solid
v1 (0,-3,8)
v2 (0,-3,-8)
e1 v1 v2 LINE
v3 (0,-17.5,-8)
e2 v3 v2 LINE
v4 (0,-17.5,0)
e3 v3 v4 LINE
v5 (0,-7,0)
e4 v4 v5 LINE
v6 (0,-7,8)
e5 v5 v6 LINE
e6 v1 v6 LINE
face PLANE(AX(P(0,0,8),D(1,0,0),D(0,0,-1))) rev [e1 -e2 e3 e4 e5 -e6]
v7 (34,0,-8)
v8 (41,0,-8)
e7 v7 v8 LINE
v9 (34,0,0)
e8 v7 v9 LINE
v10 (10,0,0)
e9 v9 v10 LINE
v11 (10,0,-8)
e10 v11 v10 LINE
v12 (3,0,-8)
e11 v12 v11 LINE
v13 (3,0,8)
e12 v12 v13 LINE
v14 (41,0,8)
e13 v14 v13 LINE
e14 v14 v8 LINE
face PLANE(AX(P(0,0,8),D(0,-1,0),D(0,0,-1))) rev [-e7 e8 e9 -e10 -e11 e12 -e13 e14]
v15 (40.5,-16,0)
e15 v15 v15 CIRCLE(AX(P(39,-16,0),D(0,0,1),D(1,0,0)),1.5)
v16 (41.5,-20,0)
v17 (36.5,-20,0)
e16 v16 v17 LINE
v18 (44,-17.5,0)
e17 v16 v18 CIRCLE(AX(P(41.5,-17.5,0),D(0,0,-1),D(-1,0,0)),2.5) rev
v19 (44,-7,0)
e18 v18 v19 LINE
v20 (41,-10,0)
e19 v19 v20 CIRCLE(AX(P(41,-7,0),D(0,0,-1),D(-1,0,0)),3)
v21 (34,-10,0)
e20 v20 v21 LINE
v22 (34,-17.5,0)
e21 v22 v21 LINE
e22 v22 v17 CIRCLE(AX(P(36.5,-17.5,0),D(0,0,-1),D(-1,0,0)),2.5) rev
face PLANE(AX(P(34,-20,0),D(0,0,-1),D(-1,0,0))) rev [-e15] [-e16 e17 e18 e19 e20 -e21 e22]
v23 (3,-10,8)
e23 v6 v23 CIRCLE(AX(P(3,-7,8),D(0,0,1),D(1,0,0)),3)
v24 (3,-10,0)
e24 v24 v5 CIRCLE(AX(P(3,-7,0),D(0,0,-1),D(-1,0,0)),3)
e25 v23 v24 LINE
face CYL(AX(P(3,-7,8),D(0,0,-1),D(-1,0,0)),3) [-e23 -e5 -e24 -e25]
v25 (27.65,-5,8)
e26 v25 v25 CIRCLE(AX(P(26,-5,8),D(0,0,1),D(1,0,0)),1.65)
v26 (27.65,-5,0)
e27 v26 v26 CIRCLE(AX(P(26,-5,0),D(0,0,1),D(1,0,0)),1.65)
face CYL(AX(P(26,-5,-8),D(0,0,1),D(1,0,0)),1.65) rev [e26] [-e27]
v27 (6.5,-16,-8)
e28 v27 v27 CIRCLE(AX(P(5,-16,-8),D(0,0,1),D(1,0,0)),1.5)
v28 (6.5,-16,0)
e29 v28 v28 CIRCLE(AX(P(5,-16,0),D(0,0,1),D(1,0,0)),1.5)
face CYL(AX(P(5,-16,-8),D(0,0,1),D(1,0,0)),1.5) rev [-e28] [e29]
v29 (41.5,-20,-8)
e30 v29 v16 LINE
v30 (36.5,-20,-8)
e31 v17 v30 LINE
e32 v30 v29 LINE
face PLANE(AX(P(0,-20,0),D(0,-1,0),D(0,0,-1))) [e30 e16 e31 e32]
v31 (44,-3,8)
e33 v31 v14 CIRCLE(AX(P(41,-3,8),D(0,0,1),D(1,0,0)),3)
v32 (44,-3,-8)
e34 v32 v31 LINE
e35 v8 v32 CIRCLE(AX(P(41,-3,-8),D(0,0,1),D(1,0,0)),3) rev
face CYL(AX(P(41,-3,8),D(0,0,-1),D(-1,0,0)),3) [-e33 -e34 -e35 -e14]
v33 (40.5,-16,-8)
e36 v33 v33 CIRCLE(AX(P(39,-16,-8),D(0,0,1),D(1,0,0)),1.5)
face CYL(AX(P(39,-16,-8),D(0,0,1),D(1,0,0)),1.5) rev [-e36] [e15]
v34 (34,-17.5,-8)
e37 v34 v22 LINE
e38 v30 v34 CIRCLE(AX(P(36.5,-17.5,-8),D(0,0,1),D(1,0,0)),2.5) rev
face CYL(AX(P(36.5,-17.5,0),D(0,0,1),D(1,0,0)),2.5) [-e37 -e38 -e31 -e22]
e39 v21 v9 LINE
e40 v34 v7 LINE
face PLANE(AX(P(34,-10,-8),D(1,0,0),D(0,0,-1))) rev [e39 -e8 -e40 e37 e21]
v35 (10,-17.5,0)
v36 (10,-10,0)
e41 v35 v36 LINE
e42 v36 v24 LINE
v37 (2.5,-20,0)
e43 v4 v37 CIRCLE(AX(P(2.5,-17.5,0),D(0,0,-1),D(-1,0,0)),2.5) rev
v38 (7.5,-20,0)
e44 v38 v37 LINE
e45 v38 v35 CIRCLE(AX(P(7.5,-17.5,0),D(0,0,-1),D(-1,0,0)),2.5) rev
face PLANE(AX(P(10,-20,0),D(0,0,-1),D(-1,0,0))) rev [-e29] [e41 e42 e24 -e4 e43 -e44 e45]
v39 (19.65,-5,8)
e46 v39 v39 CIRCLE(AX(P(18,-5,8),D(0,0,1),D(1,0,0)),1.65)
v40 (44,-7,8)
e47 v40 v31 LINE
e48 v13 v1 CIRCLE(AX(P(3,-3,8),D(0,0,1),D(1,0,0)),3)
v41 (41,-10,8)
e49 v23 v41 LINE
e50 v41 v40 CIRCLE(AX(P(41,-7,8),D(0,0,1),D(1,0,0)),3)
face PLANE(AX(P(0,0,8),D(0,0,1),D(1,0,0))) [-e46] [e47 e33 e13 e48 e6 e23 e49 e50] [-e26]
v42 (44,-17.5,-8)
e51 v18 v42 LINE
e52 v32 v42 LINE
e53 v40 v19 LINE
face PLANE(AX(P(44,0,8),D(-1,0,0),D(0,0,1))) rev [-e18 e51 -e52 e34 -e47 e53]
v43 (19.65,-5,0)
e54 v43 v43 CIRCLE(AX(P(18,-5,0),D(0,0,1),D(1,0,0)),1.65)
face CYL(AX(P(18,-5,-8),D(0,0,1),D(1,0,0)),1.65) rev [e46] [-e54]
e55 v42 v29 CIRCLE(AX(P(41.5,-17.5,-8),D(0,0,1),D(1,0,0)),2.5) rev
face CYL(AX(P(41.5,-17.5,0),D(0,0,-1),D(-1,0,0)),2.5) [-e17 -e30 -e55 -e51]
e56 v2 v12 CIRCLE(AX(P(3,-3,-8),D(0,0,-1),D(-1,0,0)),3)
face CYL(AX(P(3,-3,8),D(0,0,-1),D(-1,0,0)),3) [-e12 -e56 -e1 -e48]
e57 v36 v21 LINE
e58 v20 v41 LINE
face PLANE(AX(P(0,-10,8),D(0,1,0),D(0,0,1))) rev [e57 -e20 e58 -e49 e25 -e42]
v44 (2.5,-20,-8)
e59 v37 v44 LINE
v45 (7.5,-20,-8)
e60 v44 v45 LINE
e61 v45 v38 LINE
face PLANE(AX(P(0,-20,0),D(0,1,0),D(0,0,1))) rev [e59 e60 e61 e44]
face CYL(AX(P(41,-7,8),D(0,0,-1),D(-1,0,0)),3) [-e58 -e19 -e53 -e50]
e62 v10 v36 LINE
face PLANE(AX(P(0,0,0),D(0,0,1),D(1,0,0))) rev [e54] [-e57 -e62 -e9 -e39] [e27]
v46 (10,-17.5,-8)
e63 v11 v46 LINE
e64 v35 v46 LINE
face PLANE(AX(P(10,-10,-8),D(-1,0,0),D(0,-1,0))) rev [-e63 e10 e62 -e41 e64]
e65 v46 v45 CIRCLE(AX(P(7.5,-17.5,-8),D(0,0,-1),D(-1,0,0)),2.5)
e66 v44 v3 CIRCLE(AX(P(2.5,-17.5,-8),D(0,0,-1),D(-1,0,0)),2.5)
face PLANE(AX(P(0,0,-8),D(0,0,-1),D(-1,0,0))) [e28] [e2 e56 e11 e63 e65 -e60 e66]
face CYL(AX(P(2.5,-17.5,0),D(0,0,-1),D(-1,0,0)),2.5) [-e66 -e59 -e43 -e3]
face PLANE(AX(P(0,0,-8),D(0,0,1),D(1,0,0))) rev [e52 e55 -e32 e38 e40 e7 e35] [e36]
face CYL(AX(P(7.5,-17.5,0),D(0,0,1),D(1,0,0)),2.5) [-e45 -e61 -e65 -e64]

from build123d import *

# Parameters (mm, degrees)
SKETCH1_W           = 44
SKETCH1_H           = 10
BOSS_EXTRUDE1_DEPTH = 8
SKETCH4_W           = 10
SKETCH4_H           = 10
BOSS_EXTRUDE2_DEPTH = 8
SKETCH3_R           = 1.65
CUT_EXTRUDE2_DEPTH  = 48.874836814
SKETCH5_W           = 10
SKETCH5_H           = 8
BOSS_EXTRUDE3_DEPTH = 10
SKETCH6_R           = 1.5
CUT_EXTRUDE3_DEPTH  = 49.989794856
FILLET2_R           = 2.5
FILLET1_R           = 3


with BuildPart() as part:
    # Sketch1 → Boss-Extrude1 (new body)
    with BuildSketch(Plane.XY):
        with Locations((22, -5)):
            Rectangle(SKETCH1_W, SKETCH1_H)
    extrude(amount=BOSS_EXTRUDE1_DEPTH)

    # Sketch4 → Boss-Extrude2 (add)
    with BuildSketch(Plane(origin=(0, 0, 0), x_dir=(-1, 0, 0), z_dir=(0, 0, -1))):
        with Locations((-5, -5)):
            Rectangle(SKETCH4_W, SKETCH4_H)
        with Locations((-39, -5)):
            Rectangle(SKETCH4_W, SKETCH4_H)
    extrude(amount=BOSS_EXTRUDE2_DEPTH)

    # Sketch3 → Cut-Extrude2 (cut, through all)
    with BuildSketch(Plane.XY.offset(8)):
        with Locations((18, -5)):
            Circle(SKETCH3_R)
        with Locations((26, -5)):
            Circle(SKETCH3_R)
    extrude(amount=-CUT_EXTRUDE2_DEPTH, mode=Mode.SUBTRACT)

    # Sketch5 → Boss-Extrude3 (add)
    with BuildSketch(Plane(origin=(0, -10, 0), x_dir=(-1, 0, 0), z_dir=(0, -1, 0))):
        with Locations((-5, 4)):
            Rectangle(SKETCH5_W, SKETCH5_H)
        with Locations((-39, 4)):
            Rectangle(SKETCH5_W, SKETCH5_H)
    extrude(amount=BOSS_EXTRUDE3_DEPTH)

    # Sketch6 → Cut-Extrude3 (cut, through all)
    with BuildSketch(Plane.XY):
        with Locations((5, -16)):
            Circle(SKETCH6_R)
        with Locations((39, -16)):
            Circle(SKETCH6_R)
    extrude(amount=-CUT_EXTRUDE3_DEPTH, mode=Mode.SUBTRACT)

    # Fillet2
    fillet2_edges = [part.edges().sort_by_distance(p)[0] for p in [
        (10, -20, -4),
        (0, -20, -4),
        (34, -20, -4),
        (44, -20, -4),
    ]]
    fillet(fillet2_edges, radius=FILLET2_R)

    # Fillet1
    fillet1_edges = [part.edges().sort_by_distance(p)[0] for p in [
        (0, 0, 0),
        (44, 0, 0),
        (44, -10, 4),
        (0, -10, 4),
    ]]
    fillet(fillet1_edges, radius=FILLET1_R)


solid = part.part
